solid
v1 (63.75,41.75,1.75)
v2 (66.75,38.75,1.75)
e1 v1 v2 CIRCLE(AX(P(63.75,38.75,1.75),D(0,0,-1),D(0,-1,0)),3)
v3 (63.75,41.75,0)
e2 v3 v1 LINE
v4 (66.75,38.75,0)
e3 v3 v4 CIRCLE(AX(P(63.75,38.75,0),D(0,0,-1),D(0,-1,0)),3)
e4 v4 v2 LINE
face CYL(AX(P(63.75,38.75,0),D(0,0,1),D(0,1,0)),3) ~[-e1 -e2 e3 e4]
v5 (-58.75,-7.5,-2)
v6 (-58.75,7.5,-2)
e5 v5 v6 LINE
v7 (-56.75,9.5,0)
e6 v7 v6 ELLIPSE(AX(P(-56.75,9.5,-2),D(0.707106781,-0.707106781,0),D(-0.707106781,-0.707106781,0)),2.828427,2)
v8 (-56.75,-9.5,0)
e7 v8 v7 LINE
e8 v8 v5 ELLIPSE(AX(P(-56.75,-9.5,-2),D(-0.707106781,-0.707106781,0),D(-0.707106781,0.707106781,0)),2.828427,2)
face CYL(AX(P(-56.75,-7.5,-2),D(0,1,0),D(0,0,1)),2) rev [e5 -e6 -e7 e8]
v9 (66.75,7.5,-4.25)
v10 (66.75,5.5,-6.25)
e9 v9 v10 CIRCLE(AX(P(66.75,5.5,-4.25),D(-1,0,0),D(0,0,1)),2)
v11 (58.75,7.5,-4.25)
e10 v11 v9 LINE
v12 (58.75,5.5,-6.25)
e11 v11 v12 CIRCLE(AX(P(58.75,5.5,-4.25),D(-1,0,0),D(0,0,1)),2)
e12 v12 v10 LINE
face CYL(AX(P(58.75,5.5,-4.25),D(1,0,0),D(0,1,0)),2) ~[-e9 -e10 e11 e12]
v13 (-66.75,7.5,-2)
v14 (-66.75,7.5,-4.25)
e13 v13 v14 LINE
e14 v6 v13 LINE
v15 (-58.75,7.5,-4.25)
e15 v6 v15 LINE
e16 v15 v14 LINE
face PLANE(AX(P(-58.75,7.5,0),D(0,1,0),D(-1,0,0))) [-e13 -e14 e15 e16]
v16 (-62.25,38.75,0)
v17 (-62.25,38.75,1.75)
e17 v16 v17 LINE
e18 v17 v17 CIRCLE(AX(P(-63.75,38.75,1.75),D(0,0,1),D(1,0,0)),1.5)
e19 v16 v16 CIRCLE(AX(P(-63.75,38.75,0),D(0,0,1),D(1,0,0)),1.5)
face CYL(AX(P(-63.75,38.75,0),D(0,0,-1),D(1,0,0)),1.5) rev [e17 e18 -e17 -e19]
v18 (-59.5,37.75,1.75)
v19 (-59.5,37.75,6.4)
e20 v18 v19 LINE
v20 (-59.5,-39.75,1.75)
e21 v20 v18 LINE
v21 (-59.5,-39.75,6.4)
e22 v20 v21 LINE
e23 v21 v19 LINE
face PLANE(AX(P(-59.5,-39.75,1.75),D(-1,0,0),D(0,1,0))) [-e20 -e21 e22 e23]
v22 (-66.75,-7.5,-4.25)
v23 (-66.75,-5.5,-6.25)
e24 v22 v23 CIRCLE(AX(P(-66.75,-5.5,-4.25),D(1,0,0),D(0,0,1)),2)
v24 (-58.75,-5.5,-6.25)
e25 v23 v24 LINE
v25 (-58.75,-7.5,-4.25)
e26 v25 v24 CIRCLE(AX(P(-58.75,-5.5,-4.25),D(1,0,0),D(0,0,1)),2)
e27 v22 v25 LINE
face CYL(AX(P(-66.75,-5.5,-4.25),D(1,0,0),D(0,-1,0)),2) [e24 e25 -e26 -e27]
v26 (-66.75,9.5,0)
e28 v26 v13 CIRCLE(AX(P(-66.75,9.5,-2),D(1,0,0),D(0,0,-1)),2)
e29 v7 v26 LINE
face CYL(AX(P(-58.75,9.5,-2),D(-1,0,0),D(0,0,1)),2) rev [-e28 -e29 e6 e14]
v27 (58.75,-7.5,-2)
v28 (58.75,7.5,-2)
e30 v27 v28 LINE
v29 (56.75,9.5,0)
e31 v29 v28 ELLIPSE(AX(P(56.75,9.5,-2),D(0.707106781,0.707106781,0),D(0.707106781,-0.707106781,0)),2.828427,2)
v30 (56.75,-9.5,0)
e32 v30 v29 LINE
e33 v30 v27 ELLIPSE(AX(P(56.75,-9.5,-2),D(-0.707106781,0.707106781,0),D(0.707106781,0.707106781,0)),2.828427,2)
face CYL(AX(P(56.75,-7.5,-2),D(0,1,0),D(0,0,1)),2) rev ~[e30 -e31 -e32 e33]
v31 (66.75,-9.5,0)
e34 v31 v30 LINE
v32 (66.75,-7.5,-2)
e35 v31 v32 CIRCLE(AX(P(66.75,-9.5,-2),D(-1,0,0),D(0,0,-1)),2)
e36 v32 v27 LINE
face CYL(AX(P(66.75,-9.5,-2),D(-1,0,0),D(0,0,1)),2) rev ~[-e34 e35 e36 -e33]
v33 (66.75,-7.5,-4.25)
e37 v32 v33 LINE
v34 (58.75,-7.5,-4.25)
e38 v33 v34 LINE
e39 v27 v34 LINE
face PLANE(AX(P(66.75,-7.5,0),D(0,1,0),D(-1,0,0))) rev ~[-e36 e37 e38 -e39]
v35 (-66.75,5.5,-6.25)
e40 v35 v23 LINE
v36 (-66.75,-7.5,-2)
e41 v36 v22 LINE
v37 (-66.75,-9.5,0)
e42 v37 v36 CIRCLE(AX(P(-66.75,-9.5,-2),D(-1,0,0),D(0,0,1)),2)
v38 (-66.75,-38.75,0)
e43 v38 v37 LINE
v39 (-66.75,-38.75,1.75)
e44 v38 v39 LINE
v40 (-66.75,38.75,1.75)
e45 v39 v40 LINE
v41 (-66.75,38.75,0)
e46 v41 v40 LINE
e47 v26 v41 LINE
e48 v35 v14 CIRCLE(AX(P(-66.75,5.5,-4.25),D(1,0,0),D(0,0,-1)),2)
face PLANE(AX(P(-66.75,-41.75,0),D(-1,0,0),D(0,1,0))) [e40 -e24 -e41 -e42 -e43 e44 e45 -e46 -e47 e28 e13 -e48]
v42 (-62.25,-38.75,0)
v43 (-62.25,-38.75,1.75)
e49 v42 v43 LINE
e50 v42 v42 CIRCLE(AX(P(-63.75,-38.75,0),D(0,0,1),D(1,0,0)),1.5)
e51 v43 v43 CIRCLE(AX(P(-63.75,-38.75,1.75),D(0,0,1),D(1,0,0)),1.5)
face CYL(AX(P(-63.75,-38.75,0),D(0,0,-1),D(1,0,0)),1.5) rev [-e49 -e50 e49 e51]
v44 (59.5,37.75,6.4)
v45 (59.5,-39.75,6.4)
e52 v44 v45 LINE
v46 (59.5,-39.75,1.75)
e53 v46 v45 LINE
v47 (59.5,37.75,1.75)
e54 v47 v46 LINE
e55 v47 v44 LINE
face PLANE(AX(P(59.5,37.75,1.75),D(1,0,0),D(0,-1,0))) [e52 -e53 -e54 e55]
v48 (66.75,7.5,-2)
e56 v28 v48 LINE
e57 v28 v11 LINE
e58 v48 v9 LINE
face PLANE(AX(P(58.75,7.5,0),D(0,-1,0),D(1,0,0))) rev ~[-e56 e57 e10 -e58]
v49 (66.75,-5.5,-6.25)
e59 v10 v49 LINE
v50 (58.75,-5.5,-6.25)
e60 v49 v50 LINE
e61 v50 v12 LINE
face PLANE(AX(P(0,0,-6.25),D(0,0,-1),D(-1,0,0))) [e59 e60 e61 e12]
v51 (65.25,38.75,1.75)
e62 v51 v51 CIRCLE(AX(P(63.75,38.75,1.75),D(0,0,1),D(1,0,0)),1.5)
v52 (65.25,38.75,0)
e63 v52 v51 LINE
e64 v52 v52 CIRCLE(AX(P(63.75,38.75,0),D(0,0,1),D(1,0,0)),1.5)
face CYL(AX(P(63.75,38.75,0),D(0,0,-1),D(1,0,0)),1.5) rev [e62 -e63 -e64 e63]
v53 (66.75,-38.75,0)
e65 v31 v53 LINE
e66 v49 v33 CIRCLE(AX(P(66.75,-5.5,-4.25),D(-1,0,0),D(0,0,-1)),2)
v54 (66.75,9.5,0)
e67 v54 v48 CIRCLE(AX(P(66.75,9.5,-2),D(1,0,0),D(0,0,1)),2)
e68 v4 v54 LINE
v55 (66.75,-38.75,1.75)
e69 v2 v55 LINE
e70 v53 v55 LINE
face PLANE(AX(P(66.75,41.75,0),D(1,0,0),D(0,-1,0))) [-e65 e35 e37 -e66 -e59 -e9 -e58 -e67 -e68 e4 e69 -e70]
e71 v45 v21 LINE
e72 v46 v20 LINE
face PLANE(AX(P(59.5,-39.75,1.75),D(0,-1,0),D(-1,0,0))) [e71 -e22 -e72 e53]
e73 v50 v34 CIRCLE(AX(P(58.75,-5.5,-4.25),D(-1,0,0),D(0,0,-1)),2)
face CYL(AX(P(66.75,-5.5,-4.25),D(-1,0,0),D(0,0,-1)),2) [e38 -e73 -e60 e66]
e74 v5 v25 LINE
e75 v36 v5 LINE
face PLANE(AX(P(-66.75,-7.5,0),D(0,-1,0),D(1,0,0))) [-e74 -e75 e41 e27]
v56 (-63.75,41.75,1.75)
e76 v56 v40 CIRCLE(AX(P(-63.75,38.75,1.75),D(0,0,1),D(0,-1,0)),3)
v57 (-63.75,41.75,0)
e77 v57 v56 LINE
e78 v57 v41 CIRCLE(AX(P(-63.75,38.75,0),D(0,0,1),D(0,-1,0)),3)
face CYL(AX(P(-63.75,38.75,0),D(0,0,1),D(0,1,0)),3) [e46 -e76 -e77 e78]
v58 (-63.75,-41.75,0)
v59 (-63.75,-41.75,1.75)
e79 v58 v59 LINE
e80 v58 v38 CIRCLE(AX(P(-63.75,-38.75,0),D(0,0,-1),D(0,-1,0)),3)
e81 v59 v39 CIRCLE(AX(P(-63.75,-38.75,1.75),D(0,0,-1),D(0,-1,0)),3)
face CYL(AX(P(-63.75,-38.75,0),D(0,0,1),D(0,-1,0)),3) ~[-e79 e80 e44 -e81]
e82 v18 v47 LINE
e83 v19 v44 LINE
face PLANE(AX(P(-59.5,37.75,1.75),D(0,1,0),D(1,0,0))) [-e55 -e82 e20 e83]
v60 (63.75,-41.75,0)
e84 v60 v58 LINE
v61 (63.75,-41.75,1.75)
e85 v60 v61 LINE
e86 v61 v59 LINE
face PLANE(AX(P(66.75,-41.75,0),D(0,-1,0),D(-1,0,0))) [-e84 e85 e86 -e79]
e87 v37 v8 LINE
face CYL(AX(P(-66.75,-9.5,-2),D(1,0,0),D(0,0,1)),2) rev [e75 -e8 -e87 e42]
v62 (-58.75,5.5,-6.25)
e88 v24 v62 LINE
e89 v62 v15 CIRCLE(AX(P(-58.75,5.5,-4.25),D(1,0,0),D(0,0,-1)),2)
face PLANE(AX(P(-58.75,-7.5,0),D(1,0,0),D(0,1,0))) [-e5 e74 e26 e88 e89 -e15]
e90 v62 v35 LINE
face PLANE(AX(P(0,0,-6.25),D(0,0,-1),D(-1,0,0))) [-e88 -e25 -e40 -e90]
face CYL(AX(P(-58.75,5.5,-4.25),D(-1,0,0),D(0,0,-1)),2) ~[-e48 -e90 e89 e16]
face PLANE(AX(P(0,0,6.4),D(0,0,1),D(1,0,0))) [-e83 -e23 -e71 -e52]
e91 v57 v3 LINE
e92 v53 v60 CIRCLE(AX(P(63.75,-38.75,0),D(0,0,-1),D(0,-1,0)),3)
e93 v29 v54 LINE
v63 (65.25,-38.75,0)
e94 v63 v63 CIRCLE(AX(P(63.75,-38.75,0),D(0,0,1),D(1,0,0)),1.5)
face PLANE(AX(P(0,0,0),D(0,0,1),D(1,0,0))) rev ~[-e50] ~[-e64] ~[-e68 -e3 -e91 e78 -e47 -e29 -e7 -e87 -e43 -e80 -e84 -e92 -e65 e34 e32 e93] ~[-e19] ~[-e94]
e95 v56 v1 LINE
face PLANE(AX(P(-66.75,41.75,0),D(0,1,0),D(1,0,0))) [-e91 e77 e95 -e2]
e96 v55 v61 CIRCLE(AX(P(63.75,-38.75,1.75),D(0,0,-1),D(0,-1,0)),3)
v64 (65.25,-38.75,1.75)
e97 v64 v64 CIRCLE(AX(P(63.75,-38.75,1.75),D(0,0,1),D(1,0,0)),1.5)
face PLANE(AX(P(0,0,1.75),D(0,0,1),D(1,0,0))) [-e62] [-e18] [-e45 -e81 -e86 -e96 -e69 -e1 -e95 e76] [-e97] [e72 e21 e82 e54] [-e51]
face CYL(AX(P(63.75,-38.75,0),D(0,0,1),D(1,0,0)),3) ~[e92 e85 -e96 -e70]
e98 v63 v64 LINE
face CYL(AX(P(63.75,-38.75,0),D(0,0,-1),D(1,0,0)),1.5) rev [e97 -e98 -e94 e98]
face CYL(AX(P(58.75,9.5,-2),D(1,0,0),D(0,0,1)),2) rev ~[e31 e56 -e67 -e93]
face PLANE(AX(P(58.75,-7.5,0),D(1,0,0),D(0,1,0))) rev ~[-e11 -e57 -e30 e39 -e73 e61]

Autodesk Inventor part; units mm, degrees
ref_plane "YZ Plane" through (0, 0, 0) normal (1, 0, 0) x (0, 1, 0)
ref_plane "XZ Plane" through (0, 0, 0) normal (0, 1, 0) x (-1, 0, 0)
ref_plane "XY Plane" through (0, 0, 0) normal (0, 0, 1) x (1, 0, 0)
sketch "Sketch1" plane through (0, 0, 0) normal (0, 0, 1) x (1, 0, 0)
  line L0 (-66.75, 41.75) -> (66.75, 41.75)
  line L1 (66.75, 41.75) -> (66.75, -41.75)
  line L2 (66.75, -41.75) -> (-66.75, -41.75)
  line L3 (-66.75, -41.75) -> (-66.75, 41.75)
  line L4 (-66.75, 41.75) -> (66.75, -41.75) construction
  line L5 (66.75, 41.75) -> (-66.75, -41.75) construction
  circle A0 centre (-63.75, 38.75) radius 1.5
  circle A1 centre (63.75, 38.75) radius 1.5
  circle A2 centre (63.75, -38.75) radius 1.5
  circle A3 centre (-63.75, -38.75) radius 1.5
  point P0 (0, 0)
  dimension "d0" = 133.5
  dimension "d1" = 83.5
  dimension "d2" = 3
  dimension "d3" = 3
  dimension "d4" = 3
  dimension "d5" = 3
  dimension "d6" = 3
  dimension "d7" = 3
  dimension "d8" = 3
  dimension "d9" = 3
  dimension "d10" = 3
  dimension "d11" = 3
  dimension "d12" = 3
  dimension "d13" = 3
extrude "Extrusion1" add sketch "Sketch1" along normal blind 1.75
fillet "Fillet1" radius 3 4 edges at (66.75, 41.75, 0.875) (-66.75, 41.75, 0.875) (66.75, -41.75, 0.875) (-66.75, -41.75, 0.875)
sketch "Sketch2" plane through (0, 0, 1.75) normal (0, 0, 1) x (1, 0, 0)
  line L0 (-59.5, 37.75) -> (59.5, 37.75)
  line L1 (59.5, 37.75) -> (59.5, -39.75)
  line L2 (59.5, -39.75) -> (-59.5, -39.75)
  line L3 (-59.5, -39.75) -> (-59.5, 37.75)
  line L4 (-59.5, 37.75) -> (59.5, -39.75) construction
  line L5 (59.5, 37.75) -> (-59.5, -39.75) construction
  line L6 (63.75, 41.75) -> (-63.75, 41.75) projected
  point P0 (0, 0)
  point P1 (0, -1)
  dimension "d17" = 0
  dimension "d19" = 77.5
  dimension "d20" = 4
  dimension "d21" = 119
extrude "Extrusion2" add sketch "Sketch2" along normal blind 4.65
sketch "Sketch3" plane through (0, 0, 0) normal (0, 0, -1) x (-1, 0, 0)
  line L0 (66.75, -7.5) -> (58.75, -7.5)
  line L1 (58.75, -7.5) -> (58.75, 7.5)
  line L2 (58.75, 7.5) -> (66.75, 7.5)
  line L3 (66.75, 7.5) -> (66.75, -7.5)
  line L4 (66.75, -7.5) -> (58.75, 7.5) construction
  line L5 (58.75, -7.5) -> (66.75, 7.5) construction
  line L6 (-66.75, -7.5) -> (-58.75, -7.5)
  line L7 (-58.75, -7.5) -> (-58.75, 7.5)
  line L8 (-58.75, 7.5) -> (-66.75, 7.5)
  line L9 (-66.75, 7.5) -> (-66.75, -7.5)
  line L10 (-66.75, -7.5) -> (-58.75, 7.5) construction
  line L11 (-58.75, -7.5) -> (-66.75, 7.5) construction
  line L12 (-66.75, -38.75) -> (-66.75, 38.75) projected
  line L13 (66.75, 38.75) -> (66.75, -38.75) projected
  point P0 (0, 0)
  point P1 (62.75, 0)
  point P2 (-62.75, 0)
  dimension "d24" = 8
  dimension "d25" = 15
  dimension "d26" = 8
  dimension "d27" = 15
  dimension "d28" = 0
  dimension "d29" = 0
  dimension "d30" = 0
  dimension "d31" = 0
extrude "Extrusion3" add sketch "Sketch3" along normal blind 6.25
fillet "Fillet2" radius 2 6 edges at (-62.75, 7.5, 0) (-58.75, 0, 0) (-62.75, -7.5, 0) (62.75, 7.5, 0) (58.75, 0, 0) (62.75, -7.5, 0)
fillet "Fillet3" radius 2 4 edges at (62.75, 7.5, -6.25) (62.75, -7.5, -6.25) (-62.75, 7.5, -6.25) (-62.75, -7.5, -6.25)
equation "\"d8\" = d6"
equation "\"d9\" = d7"
equation "\"d10\" = d7"
equation "\"d11\" = d6"
equation "\"d12\" = d6"
equation "\"d13\" = d6"
equation "\"d26\" = d24"
equation "\"d27\" = d25"
properties part number "Tela Led"
